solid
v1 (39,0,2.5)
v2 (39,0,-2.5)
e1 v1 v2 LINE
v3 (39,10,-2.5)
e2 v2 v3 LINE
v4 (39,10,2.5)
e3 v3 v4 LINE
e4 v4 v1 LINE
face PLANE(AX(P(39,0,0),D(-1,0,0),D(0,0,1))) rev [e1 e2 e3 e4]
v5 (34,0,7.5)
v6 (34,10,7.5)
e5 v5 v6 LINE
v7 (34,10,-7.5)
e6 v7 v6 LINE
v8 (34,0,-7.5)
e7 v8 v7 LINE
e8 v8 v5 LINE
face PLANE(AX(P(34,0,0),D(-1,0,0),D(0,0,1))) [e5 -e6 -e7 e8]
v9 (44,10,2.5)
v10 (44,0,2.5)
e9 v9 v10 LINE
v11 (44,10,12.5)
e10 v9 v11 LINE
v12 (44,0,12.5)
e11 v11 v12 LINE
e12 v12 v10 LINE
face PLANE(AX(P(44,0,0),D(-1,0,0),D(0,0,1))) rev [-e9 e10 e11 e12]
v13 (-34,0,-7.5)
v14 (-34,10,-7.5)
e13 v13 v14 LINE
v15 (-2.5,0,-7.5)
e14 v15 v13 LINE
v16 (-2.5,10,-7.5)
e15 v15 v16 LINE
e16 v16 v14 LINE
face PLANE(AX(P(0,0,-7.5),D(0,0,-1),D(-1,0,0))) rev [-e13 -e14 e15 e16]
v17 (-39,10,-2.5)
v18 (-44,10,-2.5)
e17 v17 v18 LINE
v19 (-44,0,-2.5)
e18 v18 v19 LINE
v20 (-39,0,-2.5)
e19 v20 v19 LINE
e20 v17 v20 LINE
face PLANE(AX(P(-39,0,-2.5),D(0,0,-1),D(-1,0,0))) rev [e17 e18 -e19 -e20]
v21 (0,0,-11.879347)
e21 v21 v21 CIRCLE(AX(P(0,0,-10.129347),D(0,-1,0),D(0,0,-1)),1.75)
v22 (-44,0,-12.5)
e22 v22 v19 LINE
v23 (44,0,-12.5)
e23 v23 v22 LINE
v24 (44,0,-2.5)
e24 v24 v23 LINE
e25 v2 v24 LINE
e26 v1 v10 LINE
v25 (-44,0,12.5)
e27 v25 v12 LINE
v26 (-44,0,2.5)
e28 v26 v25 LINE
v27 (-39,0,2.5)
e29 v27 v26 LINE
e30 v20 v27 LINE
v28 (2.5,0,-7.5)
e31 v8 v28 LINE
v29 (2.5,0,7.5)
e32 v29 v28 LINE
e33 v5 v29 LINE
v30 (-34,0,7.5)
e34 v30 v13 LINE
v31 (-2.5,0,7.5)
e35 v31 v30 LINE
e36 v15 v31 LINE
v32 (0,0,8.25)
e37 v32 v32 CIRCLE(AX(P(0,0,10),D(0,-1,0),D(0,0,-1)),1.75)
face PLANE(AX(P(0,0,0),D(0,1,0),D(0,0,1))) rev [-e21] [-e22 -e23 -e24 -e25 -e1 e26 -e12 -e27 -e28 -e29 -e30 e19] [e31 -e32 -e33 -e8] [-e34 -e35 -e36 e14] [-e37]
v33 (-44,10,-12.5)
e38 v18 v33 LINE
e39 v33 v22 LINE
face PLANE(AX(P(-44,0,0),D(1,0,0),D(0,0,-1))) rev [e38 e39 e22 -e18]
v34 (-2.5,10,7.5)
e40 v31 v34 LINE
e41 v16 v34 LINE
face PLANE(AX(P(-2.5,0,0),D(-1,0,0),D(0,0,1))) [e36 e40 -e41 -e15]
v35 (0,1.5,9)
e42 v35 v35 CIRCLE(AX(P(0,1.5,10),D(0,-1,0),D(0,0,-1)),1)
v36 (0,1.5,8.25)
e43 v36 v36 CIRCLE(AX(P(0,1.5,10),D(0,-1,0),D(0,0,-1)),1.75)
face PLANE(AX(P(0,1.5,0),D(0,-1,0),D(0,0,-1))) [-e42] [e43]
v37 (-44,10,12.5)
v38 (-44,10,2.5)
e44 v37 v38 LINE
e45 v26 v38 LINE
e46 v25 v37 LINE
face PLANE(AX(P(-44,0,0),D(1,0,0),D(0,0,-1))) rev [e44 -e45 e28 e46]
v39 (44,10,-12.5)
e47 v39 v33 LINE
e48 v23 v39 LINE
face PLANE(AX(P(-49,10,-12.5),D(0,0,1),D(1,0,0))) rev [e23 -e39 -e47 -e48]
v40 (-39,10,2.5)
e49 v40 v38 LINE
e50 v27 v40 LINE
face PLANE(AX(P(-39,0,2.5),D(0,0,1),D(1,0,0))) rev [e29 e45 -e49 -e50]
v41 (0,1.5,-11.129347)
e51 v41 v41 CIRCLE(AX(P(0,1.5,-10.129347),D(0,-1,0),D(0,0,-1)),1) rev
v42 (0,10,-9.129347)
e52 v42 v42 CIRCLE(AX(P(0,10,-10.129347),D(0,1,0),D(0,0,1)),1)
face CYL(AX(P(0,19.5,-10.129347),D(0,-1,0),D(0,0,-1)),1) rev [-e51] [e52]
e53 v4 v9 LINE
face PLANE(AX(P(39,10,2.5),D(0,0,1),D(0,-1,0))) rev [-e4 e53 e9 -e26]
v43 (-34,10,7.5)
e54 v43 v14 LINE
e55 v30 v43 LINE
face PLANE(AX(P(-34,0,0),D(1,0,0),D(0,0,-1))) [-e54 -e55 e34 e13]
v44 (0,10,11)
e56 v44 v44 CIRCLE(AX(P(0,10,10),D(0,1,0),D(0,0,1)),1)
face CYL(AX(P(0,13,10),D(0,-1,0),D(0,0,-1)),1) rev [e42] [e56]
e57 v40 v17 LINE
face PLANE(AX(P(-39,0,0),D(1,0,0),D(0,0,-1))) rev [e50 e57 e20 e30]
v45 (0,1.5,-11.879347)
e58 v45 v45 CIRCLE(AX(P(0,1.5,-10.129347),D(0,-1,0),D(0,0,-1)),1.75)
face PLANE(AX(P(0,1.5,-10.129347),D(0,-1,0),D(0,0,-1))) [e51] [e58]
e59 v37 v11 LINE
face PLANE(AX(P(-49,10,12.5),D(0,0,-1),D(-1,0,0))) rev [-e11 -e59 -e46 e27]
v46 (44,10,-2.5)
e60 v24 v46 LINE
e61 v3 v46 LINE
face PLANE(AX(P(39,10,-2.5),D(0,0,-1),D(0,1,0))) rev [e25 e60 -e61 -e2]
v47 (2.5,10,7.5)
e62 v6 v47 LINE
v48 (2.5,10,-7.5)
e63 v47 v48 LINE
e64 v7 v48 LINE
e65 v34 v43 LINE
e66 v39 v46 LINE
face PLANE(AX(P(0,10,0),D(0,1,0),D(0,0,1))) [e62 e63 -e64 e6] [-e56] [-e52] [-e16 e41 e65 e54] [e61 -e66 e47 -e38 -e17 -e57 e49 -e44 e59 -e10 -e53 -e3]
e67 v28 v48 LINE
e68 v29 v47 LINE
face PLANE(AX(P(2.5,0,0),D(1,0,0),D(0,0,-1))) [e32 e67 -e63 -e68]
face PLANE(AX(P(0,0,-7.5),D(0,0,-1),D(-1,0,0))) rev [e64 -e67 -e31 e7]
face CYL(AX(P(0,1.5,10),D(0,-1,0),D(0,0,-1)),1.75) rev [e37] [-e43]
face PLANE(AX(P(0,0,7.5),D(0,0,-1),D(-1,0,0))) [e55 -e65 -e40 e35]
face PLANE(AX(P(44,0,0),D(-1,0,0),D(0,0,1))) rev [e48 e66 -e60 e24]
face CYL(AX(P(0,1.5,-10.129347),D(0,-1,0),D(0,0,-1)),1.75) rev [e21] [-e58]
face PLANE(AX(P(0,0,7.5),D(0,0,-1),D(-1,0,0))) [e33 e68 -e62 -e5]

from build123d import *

# Parameters (mm, degrees)
SKETCH1_W           = 98
SKETCH1_H           = 25
BOSS_EXTRUDE1_DEPTH = 10
CUT_EXTRUDE4_DEPTH  = 10
SKETCH4_W           = 25
SKETCH4_H           = 10
CUT_EXTRUDE6_DEPTH  = 5
SKETCH5_W           = 25
SKETCH5_H           = 10
CUT_EXTRUDE7_DEPTH  = 5
SKETCH6_W           = 5
SKETCH6_H           = 10
CUT_EXTRUDE8_DEPTH  = 5
SKETCH7_W           = 5
SKETCH7_H           = 10
CUT_EXTRUDE9_DEPTH  = 5
CUT_EXTRUDE10_DEPTH = 1.5
SKETCH9_R           = 1
CUT_EXTRUDE11_DEPTH = 11.5
SKETCH10_R          = 1
CUT_EXTRUDE12_DEPTH = 19.5
SKETCH11_R          = 1.75
CUT_EXTRUDE13_DEPTH = 1.5


with BuildPart() as part:
    # Sketch1 → Boss-Extrude1 (new body)
    with BuildSketch(Plane(origin=(0, 0, 0), x_dir=(1, 0, 0), z_dir=(0, 1, 0))):
        Rectangle(SKETCH1_W, SKETCH1_H)
    extrude(amount=BOSS_EXTRUDE1_DEPTH)

    # Sketch2 → Cut-Extrude4 (cut)
    with BuildSketch(Plane(origin=(0, 10, 0), x_dir=(1, 0, 0), z_dir=(0, 1, 0))):
        Polygon((-2.5, 2.403992328), (-2.5, -7.5), (-34, -7.5), (-34, 7.5), (-2.5, 7.5), align=None)
        Polygon((2.5, 2.403992328), (2.5, 7.5), (34, 7.5), (34, -7.5), (2.5, -7.5), align=None)
    extrude(amount=-CUT_EXTRUDE4_DEPTH, mode=Mode.SUBTRACT)

    # Sketch4 → Cut-Extrude6 (cut)
    with BuildSketch(Plane.ZY.offset(49)):
        with Locations((0, 5)):
            Rectangle(SKETCH4_W, SKETCH4_H)
    extrude(amount=-CUT_EXTRUDE6_DEPTH, mode=Mode.SUBTRACT)

    # Sketch5 → Cut-Extrude7 (cut)
    with BuildSketch(Plane(origin=(49, 0, 0), x_dir=(0, 0, -1), z_dir=(1, 0, 0))):
        with Locations((0, 5)):
            Rectangle(SKETCH5_W, SKETCH5_H)
    extrude(amount=-CUT_EXTRUDE7_DEPTH, mode=Mode.SUBTRACT)

    # Sketch6 → Cut-Extrude8 (cut)
    with BuildSketch(Plane(origin=(44, 0, 0), x_dir=(0, 0, -1), z_dir=(1, 0, 0))):
        with Locations((0, 5)):
            Rectangle(SKETCH6_W, SKETCH6_H)
    extrude(amount=-CUT_EXTRUDE8_DEPTH, mode=Mode.SUBTRACT)

    # Sketch7 → Cut-Extrude9 (cut)
    with BuildSketch(Plane.ZY.offset(44)):
        with Locations((0, 5)):
            Rectangle(SKETCH7_W, SKETCH7_H)
    extrude(amount=-CUT_EXTRUDE9_DEPTH, mode=Mode.SUBTRACT)

    # Sketch8 → Cut-Extrude10 (cut)
    with BuildSketch(Plane.XZ):
        with BuildLine():
            ThreePointArc((0, 11.75), (-1.75, 10), (0, 8.25))
            Line((0, 8.25), (0, 11.75))
        make_face()
        with BuildLine():
            Line((0, 11.75), (0, 8.25))
            ThreePointArc((0, 8.25), (1.237436867, 8.762563133), (1.75, 10))
            ThreePointArc((1.75, 10), (1.237436867, 11.237436867), (0, 11.75))
        make_face()
    extrude(amount=-CUT_EXTRUDE10_DEPTH, mode=Mode.SUBTRACT)

    # Sketch9 → Cut-Extrude11 (cut)
    with BuildSketch(Plane.XZ.offset(-1.5)):
        with Locations(Location((0, 10, 0), (0, 0, 270))):
            Circle(SKETCH9_R)
    extrude(amount=-CUT_EXTRUDE11_DEPTH, mode=Mode.SUBTRACT)

    # Sketch10 → Cut-Extrude12 (cut)
    with BuildSketch(Plane.XZ):
        with Locations(Location((0, -10.129347353, 0), (0, 0, 270))):
            Circle(SKETCH10_R)
    extrude(amount=-CUT_EXTRUDE12_DEPTH, mode=Mode.SUBTRACT)

    # Sketch11 → Cut-Extrude13 (cut)
    with BuildSketch(Plane.XZ):
        with Locations(Location((0, -10.129347353, 0), (0, 0, 270))):
            Circle(SKETCH11_R)
    extrude(amount=-CUT_EXTRUDE13_DEPTH, mode=Mode.SUBTRACT)


solid = part.part
